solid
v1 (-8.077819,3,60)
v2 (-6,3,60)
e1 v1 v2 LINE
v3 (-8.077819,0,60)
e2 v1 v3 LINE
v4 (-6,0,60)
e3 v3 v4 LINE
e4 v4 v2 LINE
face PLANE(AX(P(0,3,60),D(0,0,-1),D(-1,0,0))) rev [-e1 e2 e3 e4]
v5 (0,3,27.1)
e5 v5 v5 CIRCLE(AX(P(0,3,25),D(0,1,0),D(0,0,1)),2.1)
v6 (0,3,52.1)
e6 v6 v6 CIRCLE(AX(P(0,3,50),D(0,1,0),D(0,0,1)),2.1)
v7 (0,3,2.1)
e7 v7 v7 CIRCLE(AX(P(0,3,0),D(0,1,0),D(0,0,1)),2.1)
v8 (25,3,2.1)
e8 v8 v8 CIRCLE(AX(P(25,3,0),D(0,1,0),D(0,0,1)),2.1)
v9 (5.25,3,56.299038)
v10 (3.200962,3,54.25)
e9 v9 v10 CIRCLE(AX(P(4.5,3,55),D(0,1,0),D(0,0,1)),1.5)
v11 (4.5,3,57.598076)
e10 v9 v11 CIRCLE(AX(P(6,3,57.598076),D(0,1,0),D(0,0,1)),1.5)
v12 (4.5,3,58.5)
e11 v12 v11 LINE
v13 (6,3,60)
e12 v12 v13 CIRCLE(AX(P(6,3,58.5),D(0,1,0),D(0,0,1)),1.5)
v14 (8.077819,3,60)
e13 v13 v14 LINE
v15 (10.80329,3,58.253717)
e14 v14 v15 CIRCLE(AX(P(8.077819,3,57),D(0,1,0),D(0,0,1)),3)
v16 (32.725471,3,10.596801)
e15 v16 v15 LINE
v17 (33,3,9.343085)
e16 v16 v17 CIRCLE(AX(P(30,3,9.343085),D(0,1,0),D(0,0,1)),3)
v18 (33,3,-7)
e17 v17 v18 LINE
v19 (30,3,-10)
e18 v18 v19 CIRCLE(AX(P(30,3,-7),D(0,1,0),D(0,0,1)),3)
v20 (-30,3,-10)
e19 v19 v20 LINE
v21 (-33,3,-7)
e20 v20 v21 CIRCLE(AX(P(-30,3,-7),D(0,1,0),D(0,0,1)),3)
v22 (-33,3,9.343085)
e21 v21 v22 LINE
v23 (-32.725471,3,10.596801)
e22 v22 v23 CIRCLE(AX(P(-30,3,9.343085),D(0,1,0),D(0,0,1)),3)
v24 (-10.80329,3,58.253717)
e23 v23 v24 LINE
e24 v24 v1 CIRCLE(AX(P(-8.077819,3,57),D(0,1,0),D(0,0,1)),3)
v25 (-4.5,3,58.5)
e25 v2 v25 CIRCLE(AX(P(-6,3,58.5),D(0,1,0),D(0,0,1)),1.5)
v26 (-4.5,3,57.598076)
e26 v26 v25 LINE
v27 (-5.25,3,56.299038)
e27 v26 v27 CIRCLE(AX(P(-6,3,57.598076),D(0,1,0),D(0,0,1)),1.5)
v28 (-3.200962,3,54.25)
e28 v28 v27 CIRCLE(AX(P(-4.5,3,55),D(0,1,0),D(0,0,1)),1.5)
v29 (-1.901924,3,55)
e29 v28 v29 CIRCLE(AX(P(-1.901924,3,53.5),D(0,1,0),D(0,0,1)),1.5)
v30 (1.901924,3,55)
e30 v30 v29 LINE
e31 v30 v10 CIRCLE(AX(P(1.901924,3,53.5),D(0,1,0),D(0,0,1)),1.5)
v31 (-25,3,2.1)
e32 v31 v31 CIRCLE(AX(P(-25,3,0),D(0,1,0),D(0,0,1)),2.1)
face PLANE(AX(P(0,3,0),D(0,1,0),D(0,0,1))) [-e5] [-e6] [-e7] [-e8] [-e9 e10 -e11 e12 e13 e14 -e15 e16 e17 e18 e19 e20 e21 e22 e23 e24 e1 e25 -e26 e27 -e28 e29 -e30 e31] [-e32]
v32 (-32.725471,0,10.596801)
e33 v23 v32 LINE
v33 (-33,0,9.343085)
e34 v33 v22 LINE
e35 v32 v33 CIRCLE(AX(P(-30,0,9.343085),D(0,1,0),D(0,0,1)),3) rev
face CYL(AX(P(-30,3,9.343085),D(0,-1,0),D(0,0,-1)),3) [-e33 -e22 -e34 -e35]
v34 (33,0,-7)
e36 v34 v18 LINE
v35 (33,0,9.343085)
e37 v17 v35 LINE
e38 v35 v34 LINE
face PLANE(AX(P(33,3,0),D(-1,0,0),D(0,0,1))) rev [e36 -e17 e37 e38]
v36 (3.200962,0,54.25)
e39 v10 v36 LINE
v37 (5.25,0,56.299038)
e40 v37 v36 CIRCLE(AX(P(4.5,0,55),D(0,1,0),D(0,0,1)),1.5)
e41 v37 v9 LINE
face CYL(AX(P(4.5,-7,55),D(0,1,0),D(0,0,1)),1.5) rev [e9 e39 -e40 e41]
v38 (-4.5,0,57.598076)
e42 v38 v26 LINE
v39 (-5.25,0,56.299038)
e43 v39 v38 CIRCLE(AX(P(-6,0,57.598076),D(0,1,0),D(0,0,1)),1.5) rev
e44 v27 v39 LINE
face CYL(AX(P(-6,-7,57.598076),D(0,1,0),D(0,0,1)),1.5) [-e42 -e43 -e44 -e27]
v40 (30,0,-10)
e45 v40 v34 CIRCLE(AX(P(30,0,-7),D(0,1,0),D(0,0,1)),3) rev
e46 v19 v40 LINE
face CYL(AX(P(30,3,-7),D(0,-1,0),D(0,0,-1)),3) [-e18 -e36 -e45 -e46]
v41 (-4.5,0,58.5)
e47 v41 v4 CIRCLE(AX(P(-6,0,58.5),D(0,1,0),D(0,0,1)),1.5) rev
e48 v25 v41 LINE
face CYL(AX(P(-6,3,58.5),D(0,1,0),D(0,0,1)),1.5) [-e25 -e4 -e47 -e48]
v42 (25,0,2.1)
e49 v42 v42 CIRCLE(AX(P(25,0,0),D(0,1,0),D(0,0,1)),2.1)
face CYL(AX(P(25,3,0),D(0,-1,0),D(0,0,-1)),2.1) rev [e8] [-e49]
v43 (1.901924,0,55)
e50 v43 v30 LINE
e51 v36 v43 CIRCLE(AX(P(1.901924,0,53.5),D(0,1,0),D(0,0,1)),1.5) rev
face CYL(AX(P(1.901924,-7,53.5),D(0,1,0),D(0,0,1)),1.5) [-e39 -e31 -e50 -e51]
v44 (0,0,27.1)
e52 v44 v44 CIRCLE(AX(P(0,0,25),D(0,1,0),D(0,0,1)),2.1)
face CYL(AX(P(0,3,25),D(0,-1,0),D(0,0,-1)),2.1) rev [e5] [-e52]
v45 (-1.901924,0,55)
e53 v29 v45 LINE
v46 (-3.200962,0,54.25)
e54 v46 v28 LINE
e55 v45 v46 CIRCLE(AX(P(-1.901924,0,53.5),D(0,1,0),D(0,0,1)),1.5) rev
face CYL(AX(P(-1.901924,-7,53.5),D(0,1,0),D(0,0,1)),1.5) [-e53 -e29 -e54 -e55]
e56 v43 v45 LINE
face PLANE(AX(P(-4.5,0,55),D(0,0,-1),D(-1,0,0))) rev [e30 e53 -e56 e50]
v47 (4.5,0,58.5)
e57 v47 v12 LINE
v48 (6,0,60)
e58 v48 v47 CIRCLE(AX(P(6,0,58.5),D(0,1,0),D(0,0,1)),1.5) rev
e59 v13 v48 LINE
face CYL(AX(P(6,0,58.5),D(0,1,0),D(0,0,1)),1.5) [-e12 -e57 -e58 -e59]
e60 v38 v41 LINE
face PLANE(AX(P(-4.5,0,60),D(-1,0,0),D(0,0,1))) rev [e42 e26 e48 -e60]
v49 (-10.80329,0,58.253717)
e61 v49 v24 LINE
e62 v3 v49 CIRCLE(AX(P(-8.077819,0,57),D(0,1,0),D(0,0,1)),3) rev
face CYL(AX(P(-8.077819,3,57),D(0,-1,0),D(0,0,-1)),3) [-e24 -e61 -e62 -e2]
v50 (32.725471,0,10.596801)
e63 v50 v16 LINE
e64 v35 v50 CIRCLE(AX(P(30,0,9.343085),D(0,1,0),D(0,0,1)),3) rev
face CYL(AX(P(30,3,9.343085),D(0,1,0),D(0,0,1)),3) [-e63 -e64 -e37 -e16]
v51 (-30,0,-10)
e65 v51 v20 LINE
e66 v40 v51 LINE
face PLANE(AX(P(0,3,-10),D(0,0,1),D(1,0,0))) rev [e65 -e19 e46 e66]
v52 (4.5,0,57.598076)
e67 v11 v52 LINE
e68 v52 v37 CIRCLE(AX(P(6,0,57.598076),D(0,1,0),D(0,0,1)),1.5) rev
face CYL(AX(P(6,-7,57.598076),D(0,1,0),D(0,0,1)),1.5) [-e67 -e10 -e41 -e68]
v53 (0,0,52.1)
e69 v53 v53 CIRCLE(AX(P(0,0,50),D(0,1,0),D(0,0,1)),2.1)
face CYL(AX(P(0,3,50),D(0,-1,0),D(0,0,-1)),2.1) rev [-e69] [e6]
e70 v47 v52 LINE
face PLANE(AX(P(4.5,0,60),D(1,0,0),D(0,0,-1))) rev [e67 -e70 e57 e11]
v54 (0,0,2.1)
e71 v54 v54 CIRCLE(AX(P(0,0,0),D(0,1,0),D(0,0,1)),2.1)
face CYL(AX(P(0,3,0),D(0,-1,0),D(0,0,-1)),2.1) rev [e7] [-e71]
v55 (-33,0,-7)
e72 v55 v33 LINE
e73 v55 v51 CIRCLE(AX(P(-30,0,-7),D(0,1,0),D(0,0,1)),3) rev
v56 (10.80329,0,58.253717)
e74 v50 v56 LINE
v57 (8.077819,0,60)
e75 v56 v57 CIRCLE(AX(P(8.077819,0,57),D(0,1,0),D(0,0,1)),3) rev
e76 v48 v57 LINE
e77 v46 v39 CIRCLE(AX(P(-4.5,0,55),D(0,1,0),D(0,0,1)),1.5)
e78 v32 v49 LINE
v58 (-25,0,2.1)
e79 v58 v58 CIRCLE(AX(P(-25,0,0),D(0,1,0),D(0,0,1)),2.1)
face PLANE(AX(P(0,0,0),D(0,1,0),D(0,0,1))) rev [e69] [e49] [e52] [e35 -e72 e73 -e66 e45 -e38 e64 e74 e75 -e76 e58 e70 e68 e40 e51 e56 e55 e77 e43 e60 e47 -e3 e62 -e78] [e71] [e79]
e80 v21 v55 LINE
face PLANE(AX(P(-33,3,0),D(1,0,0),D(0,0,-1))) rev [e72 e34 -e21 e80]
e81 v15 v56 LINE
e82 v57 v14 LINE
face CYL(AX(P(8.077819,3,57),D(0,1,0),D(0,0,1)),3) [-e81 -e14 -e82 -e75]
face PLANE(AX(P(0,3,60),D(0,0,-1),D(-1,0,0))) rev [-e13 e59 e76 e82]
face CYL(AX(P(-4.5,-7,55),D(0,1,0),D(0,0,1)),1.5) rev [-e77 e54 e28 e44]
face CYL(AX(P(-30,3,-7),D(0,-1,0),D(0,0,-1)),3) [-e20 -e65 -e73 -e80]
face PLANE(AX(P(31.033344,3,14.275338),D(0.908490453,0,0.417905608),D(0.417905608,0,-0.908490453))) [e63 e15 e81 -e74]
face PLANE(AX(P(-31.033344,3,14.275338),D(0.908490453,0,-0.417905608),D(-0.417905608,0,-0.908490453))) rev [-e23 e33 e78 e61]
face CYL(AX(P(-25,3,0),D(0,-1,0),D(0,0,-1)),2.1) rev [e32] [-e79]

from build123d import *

# Parameters (mm, degrees)
SKETCH_1_R          = 2.1
EXTRUDE_1_DEPTH     = 3
FILLET_1_R          = 3
SKETCH_2_W          = 9
SKETCH_2_H          = 5
CUT_EXTRUDE_1_DEPTH = 3
SKETCH_3_R          = 1.5
CUT_EXTRUDE_2_DEPTH = 10
FILLET_2_R          = 1.5


with BuildPart() as part:
    # 草图1 → 凸台-拉伸1 (new body)
    with BuildSketch(Plane(origin=(0, 0, 0), x_dir=(1, 0, 0), z_dir=(0, 1, 0))):
        Polygon((33, 10), (-33, 10), (-33, -10), (-10, -60), (10, -60), (33, -10), align=None)
        with Locations(Location((0, 0, 0), (0, 0, 270))):
            Circle(SKETCH_1_R, mode=Mode.SUBTRACT)
        with Locations(Location((25, 0, 0), (0, 0, 270))):
            Circle(SKETCH_1_R, mode=Mode.SUBTRACT)
        with Locations(Location((-25, 0, 0), (0, 0, 270))):
            Circle(SKETCH_1_R, mode=Mode.SUBTRACT)
        with Locations(Location((0, -25, 0), (0, 0, 270))):
            Circle(SKETCH_1_R, mode=Mode.SUBTRACT)
        with Locations(Location((0, -50, 0), (0, 0, 270))):
            Circle(SKETCH_1_R, mode=Mode.SUBTRACT)
    extrude(amount=EXTRUDE_1_DEPTH)

    # 圆角1
    fillet_1_edges = [part.edges().sort_by_distance(p)[0] for p in [
        (10, 1.5, 60),
        (-10, 1.5, 60),
        (-33, 1.5, 10),
        (-33, 1.5, -10),
        (33, 1.5, -10),
        (33, 1.5, 10),
    ]]
    fillet(fillet_1_edges, radius=FILLET_1_R)

    # 草图2 → 切除-拉伸1 (cut)
    with BuildSketch(Plane(origin=(0, 3, 0), x_dir=(1, 0, 0), z_dir=(0, 1, 0))):
        with Locations((0, -57.5)):
            Rectangle(SKETCH_2_W, SKETCH_2_H)
    extrude(amount=-CUT_EXTRUDE_1_DEPTH, mode=Mode.SUBTRACT)

    # 草图3 → 切除-拉伸2 (cut)
    with BuildSketch(Plane(origin=(0, 3, 0), x_dir=(1, 0, 0), z_dir=(0, 1, 0))):
        with Locations((-4.5, -55)):
            Circle(SKETCH_3_R)
        with Locations((4.5, -55)):
            Circle(SKETCH_3_R)
    extrude(amount=-CUT_EXTRUDE_2_DEPTH, mode=Mode.SUBTRACT)

    # 圆角2
    fillet_2_edges = [part.edges().sort_by_distance(p)[0] for p in [
        (-4.5, 1.5, 56.5),
        (3, 1.5, 55),
        (-4.5, 1.5, 60),
        (4.5, 1.5, 60),
        (4.5, 1.5, 56.5),
        (-3, 1.5, 55),
    ]]
    fillet(fillet_2_edges, radius=FILLET_2_R)


solid = part.part
